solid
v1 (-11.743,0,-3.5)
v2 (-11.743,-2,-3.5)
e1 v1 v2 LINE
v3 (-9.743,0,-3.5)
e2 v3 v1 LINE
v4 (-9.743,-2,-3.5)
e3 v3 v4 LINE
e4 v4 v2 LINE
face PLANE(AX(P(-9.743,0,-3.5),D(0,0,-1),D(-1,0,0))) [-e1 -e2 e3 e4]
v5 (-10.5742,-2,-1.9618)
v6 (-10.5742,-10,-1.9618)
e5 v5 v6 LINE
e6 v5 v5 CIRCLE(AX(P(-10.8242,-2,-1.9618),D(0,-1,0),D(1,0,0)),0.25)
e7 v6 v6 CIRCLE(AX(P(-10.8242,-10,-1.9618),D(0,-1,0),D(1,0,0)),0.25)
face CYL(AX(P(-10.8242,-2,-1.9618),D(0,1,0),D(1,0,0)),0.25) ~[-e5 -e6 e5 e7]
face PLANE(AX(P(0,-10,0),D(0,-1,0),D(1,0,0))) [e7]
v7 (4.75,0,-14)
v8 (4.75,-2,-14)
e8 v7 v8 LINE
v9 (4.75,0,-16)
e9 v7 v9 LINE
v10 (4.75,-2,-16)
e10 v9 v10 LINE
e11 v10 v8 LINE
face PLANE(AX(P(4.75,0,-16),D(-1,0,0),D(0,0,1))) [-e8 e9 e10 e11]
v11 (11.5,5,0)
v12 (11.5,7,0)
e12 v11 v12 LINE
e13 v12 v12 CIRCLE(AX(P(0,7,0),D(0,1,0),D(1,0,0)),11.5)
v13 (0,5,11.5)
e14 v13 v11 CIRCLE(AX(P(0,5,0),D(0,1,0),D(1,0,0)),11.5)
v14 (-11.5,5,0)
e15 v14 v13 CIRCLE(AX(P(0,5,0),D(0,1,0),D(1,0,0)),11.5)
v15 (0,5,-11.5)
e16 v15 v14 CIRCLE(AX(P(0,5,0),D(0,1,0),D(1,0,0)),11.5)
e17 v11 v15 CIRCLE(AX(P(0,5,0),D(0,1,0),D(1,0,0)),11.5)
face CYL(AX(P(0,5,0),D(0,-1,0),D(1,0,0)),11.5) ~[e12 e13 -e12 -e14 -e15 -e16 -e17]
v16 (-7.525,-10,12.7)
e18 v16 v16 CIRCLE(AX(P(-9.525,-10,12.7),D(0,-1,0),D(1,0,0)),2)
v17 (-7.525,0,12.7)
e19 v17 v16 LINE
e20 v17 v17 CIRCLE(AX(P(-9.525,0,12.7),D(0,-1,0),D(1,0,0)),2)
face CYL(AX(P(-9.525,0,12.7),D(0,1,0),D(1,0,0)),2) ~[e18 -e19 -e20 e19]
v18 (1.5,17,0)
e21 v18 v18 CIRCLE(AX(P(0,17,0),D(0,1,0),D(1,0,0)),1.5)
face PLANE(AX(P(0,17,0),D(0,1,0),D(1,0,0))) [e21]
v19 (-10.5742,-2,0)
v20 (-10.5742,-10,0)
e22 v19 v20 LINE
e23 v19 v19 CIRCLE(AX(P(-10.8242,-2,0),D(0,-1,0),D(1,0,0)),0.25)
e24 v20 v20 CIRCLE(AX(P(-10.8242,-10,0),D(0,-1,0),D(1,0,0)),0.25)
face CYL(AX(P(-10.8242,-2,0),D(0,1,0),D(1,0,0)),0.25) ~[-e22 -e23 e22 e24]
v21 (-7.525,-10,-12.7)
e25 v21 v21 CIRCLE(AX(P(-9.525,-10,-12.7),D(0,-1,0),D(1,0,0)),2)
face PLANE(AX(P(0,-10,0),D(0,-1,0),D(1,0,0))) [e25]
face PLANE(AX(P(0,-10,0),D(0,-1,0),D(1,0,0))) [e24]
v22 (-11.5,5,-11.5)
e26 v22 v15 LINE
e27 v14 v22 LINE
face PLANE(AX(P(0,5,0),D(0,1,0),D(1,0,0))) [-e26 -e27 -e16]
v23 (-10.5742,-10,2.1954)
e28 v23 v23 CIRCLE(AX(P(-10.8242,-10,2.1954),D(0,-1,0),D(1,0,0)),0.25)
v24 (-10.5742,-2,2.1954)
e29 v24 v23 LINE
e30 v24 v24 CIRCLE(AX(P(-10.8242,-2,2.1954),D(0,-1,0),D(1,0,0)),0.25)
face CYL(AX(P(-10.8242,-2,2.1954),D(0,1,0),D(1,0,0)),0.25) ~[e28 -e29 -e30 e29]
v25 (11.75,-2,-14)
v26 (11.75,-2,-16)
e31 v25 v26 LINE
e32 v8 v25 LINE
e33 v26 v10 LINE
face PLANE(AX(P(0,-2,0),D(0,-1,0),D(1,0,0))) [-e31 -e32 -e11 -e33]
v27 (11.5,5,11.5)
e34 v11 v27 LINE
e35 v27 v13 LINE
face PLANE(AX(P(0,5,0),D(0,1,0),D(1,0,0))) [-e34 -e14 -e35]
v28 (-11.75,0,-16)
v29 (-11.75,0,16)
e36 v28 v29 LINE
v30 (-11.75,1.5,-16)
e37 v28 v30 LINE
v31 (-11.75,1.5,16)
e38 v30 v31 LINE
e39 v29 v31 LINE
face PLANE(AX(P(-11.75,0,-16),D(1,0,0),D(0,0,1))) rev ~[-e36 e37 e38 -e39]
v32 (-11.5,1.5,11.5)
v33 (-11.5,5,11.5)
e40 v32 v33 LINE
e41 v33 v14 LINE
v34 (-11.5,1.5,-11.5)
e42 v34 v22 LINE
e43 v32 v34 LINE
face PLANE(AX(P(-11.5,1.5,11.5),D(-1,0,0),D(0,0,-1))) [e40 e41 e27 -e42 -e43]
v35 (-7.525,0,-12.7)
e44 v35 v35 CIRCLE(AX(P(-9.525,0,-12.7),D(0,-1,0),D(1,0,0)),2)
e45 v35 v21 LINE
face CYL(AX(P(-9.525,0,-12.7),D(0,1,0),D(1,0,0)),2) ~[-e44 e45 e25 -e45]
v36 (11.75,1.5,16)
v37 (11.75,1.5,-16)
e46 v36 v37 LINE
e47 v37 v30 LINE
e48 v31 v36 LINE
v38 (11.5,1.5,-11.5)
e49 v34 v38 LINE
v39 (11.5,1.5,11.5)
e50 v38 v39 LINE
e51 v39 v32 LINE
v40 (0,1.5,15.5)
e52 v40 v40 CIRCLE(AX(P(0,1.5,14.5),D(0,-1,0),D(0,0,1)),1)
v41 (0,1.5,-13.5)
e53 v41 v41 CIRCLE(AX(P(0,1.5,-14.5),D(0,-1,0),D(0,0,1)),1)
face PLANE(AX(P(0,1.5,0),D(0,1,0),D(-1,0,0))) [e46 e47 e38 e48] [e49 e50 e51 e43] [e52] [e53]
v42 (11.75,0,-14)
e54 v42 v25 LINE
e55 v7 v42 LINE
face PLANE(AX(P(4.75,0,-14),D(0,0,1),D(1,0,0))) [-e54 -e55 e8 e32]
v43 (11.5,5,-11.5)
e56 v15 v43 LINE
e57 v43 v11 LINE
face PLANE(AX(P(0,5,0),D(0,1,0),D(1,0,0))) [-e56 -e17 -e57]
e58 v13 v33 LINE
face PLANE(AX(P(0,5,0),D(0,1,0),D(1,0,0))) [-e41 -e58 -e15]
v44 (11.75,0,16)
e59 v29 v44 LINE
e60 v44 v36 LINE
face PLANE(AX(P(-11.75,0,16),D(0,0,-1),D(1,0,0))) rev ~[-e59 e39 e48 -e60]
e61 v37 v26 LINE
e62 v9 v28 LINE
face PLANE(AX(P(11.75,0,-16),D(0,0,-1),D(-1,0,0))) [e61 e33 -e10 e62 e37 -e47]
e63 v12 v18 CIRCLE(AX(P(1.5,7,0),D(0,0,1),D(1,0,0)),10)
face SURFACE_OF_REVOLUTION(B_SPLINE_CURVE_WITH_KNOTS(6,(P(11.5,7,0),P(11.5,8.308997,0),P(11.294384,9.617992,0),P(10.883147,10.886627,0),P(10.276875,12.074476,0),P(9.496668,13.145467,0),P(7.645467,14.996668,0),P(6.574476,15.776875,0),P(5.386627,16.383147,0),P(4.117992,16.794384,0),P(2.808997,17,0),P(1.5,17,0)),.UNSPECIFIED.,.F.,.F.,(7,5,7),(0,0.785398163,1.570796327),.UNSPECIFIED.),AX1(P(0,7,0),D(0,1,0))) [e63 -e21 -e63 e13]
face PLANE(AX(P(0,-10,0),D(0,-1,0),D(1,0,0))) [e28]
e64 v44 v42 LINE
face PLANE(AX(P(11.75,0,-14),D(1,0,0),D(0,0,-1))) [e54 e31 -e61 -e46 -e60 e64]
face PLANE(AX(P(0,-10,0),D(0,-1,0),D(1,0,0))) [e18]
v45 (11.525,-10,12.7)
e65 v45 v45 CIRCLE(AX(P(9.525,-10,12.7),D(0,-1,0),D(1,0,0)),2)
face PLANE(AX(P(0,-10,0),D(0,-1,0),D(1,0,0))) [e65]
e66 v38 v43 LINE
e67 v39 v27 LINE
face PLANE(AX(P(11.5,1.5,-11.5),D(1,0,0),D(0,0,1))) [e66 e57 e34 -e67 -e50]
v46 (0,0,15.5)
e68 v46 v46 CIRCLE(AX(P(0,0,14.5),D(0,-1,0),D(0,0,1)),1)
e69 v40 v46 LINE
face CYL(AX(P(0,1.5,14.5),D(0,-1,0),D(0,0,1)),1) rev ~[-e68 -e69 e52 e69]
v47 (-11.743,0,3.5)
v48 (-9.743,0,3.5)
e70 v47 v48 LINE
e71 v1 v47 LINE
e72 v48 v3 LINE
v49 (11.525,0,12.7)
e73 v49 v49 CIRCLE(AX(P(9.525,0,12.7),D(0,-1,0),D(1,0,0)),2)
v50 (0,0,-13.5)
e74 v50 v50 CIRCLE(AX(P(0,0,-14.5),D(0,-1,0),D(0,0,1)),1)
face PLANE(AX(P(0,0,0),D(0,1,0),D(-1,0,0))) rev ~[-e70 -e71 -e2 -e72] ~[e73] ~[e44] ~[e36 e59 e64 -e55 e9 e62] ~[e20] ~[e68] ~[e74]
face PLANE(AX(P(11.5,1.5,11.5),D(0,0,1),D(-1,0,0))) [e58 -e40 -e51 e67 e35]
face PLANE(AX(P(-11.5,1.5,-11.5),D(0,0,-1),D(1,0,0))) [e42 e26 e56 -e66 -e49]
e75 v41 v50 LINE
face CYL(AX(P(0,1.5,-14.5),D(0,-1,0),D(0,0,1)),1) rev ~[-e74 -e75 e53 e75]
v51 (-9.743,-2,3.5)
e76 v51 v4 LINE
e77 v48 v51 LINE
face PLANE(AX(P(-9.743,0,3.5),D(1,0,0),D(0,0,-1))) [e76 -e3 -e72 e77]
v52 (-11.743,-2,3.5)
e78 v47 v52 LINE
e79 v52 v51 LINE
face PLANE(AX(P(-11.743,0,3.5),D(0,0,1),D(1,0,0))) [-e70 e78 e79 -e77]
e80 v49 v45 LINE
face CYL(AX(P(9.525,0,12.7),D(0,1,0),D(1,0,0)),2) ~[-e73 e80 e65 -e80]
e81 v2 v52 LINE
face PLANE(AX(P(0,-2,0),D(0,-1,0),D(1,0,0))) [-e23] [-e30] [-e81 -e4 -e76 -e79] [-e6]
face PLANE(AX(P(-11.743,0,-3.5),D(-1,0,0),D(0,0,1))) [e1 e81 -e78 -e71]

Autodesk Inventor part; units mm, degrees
ref_plane "YZ Plane" through (0, 0, 0) normal (1, 0, 0) x (0, 1, 0)
ref_plane "XZ Plane" through (0, 0, 0) normal (0, 1, 0) x (-1, 0, 0)
ref_plane "XY Plane" through (0, 0, 0) normal (0, 0, 1) x (1, 0, 0)
sketch "Sketch1" plane through (0, 0, 0) normal (0, 1, 0) x (-1, 0, 0)
  line L0 (11.75, 16) -> (-11.75, 16)
  line L1 (-11.75, 16) -> (-11.75, -16)
  line L2 (-11.75, -16) -> (11.75, -16)
  line L3 (11.75, -16) -> (11.75, 16)
  point P0 (0, 0)
  dimension "d0" = 23.5
  dimension "d1" = 32
extrude "Extrusion1" add sketch "Sketch1" along normal blind 1.5
sketch "Sketch2" plane through (0, 1.5, 0) normal (0, 1, 0) x (1, 0, 0)
  line L0 (-11.5, 11.5) -> (11.5, 11.5)
  line L1 (11.5, 11.5) -> (11.5, -11.5)
  line L2 (11.5, -11.5) -> (-11.5, -11.5)
  line L3 (-11.5, -11.5) -> (-11.5, 11.5)
  line L4 (-11.5, 11.5) -> (11.5, -11.5) construction
  line L5 (11.5, 11.5) -> (-11.5, -11.5) construction
  point P0 (0, 0)
  dimension "d4" = 23
  dimension "d5" = 23
extrude "Extrusion2" add sketch "Sketch2" along normal blind 3.5
sketch "Sketch3" plane through (0, 5, 0) normal (0, 1, 0) x (1, 0, 0)
  circle A0 centre (0, 0) radius 11.5
  dimension "d8" = 23
extrude "Extrusion3" add sketch "Sketch3" along normal blind 12
fillet "Fillet1" radius 10 1 edges at (-11.5, 17, 0)
sketch "Sketch4" plane through (0, 0, 0) normal (0, -1, 0) x (1, 0, 0)
  line L0 (11.75, -16) -> (-11.75, -16) projected
  line L1 (-11.75, -16) -> (-11.75, 16) projected
  circle A0 centre (-11.75, -16) radius 2
  line L2 (-11.75, 16) -> (11.75, 16) projected
  circle A1 centre (-11.75, 16) radius 2
  circle A2 centre (11.75, 16) radius 2
  line L3 (11.75, -16) -> (4.75, -16)
  line L4 (4.75, -16) -> (4.75, -14)
  line L5 (4.75, -14) -> (11.75, -14)
  line L6 (11.75, -14) -> (11.75, -16)
  line L7 (11.75, 16) -> (11.75, -16) projected
  line L8 (4.75, -15.5) -> (3.0316, -15.5)
  point P0 (0, 0)
  dimension "d13" = 4
  dimension "d14" = 4
  dimension "d20" = 4
  dimension "d21" = 7
  dimension "d22" = 2
  dimension "d36" = 0.5
sketch "Sketch5" plane through (0, 0, 0) normal (0, -1, 0) x (1, 0, 0)
  line L0 (-9.743, 3.5) -> (-9.743, -3.5)
  line L1 (-9.743, -3.5) -> (-11.743, -3.5)
  line L2 (-11.743, -3.5) -> (-11.743, 3.5)
  line L3 (-11.743, 3.5) -> (-9.743, 3.5)
  line L4 (-11.75, -16) -> (-11.75, 16) projected
  point P0 (0, 0)
  point P1 (-11.75, 0)
  dimension "d16" = 7
  dimension "d17" = 2
extrude "Extrusion4" add sketch "Sketch5" along normal blind 2
extrude "Extrusion5" add sketch "Sketch4" along normal blind 2 contours L0 L4 L5 L6
sketch "Sketch6" plane through (0, 0, 0) normal (0, -1, 0) x (1, 0, 0)
  circle A0 centre (9.525, 12.7) radius 2
  circle A1 centre (-9.525, 12.7) radius 2
  circle A2 centre (-9.525, -12.7) radius 2
  point P0 (0, 0)
  dimension "d26" = 4
  dimension "d27" = 4
  dimension "d28" = 4
extrude "Extrusion6" add sketch "Sketch6" along normal blind 10
sketch "Sketch7" plane through (0, -2, 0) normal (0, -1, 0) x (1, 0, 0)
  circle A0 centre (-10.8242, 0) radius 0.25
  circle A1 centre (-10.8242, 2.1954) radius 0.25
  circle A2 centre (-10.8242, -1.9618) radius 0.25
  point P0 (0, 0)
  dimension "d31" = 0.5
  dimension "d32" = 0.5
  dimension "d33" = 0.5
extrude "Extrusion7" add sketch "Sketch7" along normal blind 8
sketch "Sketch8" plane through (0, 1.5, 0) normal (0, 1, 0) x (1, 0, 0)
  circle A0 centre (0, 14.5) radius 1
  line L0 (0, 11.5) -> (-11.5, 11.5) projected
  circle A1 centre (0, -14.5) radius 1
  line L1 (-11.5, -11.5) -> (0, -11.5) projected
  point P0 (0, 0)
  dimension "d37" = 2
  dimension "d38" = 2
hole "Hole1" at (0, 1.5, -14.5) at (0, 1.5, 14.5) direction (0, -1, 0) diameter 2 end through all
properties part number "MotionSensor"
